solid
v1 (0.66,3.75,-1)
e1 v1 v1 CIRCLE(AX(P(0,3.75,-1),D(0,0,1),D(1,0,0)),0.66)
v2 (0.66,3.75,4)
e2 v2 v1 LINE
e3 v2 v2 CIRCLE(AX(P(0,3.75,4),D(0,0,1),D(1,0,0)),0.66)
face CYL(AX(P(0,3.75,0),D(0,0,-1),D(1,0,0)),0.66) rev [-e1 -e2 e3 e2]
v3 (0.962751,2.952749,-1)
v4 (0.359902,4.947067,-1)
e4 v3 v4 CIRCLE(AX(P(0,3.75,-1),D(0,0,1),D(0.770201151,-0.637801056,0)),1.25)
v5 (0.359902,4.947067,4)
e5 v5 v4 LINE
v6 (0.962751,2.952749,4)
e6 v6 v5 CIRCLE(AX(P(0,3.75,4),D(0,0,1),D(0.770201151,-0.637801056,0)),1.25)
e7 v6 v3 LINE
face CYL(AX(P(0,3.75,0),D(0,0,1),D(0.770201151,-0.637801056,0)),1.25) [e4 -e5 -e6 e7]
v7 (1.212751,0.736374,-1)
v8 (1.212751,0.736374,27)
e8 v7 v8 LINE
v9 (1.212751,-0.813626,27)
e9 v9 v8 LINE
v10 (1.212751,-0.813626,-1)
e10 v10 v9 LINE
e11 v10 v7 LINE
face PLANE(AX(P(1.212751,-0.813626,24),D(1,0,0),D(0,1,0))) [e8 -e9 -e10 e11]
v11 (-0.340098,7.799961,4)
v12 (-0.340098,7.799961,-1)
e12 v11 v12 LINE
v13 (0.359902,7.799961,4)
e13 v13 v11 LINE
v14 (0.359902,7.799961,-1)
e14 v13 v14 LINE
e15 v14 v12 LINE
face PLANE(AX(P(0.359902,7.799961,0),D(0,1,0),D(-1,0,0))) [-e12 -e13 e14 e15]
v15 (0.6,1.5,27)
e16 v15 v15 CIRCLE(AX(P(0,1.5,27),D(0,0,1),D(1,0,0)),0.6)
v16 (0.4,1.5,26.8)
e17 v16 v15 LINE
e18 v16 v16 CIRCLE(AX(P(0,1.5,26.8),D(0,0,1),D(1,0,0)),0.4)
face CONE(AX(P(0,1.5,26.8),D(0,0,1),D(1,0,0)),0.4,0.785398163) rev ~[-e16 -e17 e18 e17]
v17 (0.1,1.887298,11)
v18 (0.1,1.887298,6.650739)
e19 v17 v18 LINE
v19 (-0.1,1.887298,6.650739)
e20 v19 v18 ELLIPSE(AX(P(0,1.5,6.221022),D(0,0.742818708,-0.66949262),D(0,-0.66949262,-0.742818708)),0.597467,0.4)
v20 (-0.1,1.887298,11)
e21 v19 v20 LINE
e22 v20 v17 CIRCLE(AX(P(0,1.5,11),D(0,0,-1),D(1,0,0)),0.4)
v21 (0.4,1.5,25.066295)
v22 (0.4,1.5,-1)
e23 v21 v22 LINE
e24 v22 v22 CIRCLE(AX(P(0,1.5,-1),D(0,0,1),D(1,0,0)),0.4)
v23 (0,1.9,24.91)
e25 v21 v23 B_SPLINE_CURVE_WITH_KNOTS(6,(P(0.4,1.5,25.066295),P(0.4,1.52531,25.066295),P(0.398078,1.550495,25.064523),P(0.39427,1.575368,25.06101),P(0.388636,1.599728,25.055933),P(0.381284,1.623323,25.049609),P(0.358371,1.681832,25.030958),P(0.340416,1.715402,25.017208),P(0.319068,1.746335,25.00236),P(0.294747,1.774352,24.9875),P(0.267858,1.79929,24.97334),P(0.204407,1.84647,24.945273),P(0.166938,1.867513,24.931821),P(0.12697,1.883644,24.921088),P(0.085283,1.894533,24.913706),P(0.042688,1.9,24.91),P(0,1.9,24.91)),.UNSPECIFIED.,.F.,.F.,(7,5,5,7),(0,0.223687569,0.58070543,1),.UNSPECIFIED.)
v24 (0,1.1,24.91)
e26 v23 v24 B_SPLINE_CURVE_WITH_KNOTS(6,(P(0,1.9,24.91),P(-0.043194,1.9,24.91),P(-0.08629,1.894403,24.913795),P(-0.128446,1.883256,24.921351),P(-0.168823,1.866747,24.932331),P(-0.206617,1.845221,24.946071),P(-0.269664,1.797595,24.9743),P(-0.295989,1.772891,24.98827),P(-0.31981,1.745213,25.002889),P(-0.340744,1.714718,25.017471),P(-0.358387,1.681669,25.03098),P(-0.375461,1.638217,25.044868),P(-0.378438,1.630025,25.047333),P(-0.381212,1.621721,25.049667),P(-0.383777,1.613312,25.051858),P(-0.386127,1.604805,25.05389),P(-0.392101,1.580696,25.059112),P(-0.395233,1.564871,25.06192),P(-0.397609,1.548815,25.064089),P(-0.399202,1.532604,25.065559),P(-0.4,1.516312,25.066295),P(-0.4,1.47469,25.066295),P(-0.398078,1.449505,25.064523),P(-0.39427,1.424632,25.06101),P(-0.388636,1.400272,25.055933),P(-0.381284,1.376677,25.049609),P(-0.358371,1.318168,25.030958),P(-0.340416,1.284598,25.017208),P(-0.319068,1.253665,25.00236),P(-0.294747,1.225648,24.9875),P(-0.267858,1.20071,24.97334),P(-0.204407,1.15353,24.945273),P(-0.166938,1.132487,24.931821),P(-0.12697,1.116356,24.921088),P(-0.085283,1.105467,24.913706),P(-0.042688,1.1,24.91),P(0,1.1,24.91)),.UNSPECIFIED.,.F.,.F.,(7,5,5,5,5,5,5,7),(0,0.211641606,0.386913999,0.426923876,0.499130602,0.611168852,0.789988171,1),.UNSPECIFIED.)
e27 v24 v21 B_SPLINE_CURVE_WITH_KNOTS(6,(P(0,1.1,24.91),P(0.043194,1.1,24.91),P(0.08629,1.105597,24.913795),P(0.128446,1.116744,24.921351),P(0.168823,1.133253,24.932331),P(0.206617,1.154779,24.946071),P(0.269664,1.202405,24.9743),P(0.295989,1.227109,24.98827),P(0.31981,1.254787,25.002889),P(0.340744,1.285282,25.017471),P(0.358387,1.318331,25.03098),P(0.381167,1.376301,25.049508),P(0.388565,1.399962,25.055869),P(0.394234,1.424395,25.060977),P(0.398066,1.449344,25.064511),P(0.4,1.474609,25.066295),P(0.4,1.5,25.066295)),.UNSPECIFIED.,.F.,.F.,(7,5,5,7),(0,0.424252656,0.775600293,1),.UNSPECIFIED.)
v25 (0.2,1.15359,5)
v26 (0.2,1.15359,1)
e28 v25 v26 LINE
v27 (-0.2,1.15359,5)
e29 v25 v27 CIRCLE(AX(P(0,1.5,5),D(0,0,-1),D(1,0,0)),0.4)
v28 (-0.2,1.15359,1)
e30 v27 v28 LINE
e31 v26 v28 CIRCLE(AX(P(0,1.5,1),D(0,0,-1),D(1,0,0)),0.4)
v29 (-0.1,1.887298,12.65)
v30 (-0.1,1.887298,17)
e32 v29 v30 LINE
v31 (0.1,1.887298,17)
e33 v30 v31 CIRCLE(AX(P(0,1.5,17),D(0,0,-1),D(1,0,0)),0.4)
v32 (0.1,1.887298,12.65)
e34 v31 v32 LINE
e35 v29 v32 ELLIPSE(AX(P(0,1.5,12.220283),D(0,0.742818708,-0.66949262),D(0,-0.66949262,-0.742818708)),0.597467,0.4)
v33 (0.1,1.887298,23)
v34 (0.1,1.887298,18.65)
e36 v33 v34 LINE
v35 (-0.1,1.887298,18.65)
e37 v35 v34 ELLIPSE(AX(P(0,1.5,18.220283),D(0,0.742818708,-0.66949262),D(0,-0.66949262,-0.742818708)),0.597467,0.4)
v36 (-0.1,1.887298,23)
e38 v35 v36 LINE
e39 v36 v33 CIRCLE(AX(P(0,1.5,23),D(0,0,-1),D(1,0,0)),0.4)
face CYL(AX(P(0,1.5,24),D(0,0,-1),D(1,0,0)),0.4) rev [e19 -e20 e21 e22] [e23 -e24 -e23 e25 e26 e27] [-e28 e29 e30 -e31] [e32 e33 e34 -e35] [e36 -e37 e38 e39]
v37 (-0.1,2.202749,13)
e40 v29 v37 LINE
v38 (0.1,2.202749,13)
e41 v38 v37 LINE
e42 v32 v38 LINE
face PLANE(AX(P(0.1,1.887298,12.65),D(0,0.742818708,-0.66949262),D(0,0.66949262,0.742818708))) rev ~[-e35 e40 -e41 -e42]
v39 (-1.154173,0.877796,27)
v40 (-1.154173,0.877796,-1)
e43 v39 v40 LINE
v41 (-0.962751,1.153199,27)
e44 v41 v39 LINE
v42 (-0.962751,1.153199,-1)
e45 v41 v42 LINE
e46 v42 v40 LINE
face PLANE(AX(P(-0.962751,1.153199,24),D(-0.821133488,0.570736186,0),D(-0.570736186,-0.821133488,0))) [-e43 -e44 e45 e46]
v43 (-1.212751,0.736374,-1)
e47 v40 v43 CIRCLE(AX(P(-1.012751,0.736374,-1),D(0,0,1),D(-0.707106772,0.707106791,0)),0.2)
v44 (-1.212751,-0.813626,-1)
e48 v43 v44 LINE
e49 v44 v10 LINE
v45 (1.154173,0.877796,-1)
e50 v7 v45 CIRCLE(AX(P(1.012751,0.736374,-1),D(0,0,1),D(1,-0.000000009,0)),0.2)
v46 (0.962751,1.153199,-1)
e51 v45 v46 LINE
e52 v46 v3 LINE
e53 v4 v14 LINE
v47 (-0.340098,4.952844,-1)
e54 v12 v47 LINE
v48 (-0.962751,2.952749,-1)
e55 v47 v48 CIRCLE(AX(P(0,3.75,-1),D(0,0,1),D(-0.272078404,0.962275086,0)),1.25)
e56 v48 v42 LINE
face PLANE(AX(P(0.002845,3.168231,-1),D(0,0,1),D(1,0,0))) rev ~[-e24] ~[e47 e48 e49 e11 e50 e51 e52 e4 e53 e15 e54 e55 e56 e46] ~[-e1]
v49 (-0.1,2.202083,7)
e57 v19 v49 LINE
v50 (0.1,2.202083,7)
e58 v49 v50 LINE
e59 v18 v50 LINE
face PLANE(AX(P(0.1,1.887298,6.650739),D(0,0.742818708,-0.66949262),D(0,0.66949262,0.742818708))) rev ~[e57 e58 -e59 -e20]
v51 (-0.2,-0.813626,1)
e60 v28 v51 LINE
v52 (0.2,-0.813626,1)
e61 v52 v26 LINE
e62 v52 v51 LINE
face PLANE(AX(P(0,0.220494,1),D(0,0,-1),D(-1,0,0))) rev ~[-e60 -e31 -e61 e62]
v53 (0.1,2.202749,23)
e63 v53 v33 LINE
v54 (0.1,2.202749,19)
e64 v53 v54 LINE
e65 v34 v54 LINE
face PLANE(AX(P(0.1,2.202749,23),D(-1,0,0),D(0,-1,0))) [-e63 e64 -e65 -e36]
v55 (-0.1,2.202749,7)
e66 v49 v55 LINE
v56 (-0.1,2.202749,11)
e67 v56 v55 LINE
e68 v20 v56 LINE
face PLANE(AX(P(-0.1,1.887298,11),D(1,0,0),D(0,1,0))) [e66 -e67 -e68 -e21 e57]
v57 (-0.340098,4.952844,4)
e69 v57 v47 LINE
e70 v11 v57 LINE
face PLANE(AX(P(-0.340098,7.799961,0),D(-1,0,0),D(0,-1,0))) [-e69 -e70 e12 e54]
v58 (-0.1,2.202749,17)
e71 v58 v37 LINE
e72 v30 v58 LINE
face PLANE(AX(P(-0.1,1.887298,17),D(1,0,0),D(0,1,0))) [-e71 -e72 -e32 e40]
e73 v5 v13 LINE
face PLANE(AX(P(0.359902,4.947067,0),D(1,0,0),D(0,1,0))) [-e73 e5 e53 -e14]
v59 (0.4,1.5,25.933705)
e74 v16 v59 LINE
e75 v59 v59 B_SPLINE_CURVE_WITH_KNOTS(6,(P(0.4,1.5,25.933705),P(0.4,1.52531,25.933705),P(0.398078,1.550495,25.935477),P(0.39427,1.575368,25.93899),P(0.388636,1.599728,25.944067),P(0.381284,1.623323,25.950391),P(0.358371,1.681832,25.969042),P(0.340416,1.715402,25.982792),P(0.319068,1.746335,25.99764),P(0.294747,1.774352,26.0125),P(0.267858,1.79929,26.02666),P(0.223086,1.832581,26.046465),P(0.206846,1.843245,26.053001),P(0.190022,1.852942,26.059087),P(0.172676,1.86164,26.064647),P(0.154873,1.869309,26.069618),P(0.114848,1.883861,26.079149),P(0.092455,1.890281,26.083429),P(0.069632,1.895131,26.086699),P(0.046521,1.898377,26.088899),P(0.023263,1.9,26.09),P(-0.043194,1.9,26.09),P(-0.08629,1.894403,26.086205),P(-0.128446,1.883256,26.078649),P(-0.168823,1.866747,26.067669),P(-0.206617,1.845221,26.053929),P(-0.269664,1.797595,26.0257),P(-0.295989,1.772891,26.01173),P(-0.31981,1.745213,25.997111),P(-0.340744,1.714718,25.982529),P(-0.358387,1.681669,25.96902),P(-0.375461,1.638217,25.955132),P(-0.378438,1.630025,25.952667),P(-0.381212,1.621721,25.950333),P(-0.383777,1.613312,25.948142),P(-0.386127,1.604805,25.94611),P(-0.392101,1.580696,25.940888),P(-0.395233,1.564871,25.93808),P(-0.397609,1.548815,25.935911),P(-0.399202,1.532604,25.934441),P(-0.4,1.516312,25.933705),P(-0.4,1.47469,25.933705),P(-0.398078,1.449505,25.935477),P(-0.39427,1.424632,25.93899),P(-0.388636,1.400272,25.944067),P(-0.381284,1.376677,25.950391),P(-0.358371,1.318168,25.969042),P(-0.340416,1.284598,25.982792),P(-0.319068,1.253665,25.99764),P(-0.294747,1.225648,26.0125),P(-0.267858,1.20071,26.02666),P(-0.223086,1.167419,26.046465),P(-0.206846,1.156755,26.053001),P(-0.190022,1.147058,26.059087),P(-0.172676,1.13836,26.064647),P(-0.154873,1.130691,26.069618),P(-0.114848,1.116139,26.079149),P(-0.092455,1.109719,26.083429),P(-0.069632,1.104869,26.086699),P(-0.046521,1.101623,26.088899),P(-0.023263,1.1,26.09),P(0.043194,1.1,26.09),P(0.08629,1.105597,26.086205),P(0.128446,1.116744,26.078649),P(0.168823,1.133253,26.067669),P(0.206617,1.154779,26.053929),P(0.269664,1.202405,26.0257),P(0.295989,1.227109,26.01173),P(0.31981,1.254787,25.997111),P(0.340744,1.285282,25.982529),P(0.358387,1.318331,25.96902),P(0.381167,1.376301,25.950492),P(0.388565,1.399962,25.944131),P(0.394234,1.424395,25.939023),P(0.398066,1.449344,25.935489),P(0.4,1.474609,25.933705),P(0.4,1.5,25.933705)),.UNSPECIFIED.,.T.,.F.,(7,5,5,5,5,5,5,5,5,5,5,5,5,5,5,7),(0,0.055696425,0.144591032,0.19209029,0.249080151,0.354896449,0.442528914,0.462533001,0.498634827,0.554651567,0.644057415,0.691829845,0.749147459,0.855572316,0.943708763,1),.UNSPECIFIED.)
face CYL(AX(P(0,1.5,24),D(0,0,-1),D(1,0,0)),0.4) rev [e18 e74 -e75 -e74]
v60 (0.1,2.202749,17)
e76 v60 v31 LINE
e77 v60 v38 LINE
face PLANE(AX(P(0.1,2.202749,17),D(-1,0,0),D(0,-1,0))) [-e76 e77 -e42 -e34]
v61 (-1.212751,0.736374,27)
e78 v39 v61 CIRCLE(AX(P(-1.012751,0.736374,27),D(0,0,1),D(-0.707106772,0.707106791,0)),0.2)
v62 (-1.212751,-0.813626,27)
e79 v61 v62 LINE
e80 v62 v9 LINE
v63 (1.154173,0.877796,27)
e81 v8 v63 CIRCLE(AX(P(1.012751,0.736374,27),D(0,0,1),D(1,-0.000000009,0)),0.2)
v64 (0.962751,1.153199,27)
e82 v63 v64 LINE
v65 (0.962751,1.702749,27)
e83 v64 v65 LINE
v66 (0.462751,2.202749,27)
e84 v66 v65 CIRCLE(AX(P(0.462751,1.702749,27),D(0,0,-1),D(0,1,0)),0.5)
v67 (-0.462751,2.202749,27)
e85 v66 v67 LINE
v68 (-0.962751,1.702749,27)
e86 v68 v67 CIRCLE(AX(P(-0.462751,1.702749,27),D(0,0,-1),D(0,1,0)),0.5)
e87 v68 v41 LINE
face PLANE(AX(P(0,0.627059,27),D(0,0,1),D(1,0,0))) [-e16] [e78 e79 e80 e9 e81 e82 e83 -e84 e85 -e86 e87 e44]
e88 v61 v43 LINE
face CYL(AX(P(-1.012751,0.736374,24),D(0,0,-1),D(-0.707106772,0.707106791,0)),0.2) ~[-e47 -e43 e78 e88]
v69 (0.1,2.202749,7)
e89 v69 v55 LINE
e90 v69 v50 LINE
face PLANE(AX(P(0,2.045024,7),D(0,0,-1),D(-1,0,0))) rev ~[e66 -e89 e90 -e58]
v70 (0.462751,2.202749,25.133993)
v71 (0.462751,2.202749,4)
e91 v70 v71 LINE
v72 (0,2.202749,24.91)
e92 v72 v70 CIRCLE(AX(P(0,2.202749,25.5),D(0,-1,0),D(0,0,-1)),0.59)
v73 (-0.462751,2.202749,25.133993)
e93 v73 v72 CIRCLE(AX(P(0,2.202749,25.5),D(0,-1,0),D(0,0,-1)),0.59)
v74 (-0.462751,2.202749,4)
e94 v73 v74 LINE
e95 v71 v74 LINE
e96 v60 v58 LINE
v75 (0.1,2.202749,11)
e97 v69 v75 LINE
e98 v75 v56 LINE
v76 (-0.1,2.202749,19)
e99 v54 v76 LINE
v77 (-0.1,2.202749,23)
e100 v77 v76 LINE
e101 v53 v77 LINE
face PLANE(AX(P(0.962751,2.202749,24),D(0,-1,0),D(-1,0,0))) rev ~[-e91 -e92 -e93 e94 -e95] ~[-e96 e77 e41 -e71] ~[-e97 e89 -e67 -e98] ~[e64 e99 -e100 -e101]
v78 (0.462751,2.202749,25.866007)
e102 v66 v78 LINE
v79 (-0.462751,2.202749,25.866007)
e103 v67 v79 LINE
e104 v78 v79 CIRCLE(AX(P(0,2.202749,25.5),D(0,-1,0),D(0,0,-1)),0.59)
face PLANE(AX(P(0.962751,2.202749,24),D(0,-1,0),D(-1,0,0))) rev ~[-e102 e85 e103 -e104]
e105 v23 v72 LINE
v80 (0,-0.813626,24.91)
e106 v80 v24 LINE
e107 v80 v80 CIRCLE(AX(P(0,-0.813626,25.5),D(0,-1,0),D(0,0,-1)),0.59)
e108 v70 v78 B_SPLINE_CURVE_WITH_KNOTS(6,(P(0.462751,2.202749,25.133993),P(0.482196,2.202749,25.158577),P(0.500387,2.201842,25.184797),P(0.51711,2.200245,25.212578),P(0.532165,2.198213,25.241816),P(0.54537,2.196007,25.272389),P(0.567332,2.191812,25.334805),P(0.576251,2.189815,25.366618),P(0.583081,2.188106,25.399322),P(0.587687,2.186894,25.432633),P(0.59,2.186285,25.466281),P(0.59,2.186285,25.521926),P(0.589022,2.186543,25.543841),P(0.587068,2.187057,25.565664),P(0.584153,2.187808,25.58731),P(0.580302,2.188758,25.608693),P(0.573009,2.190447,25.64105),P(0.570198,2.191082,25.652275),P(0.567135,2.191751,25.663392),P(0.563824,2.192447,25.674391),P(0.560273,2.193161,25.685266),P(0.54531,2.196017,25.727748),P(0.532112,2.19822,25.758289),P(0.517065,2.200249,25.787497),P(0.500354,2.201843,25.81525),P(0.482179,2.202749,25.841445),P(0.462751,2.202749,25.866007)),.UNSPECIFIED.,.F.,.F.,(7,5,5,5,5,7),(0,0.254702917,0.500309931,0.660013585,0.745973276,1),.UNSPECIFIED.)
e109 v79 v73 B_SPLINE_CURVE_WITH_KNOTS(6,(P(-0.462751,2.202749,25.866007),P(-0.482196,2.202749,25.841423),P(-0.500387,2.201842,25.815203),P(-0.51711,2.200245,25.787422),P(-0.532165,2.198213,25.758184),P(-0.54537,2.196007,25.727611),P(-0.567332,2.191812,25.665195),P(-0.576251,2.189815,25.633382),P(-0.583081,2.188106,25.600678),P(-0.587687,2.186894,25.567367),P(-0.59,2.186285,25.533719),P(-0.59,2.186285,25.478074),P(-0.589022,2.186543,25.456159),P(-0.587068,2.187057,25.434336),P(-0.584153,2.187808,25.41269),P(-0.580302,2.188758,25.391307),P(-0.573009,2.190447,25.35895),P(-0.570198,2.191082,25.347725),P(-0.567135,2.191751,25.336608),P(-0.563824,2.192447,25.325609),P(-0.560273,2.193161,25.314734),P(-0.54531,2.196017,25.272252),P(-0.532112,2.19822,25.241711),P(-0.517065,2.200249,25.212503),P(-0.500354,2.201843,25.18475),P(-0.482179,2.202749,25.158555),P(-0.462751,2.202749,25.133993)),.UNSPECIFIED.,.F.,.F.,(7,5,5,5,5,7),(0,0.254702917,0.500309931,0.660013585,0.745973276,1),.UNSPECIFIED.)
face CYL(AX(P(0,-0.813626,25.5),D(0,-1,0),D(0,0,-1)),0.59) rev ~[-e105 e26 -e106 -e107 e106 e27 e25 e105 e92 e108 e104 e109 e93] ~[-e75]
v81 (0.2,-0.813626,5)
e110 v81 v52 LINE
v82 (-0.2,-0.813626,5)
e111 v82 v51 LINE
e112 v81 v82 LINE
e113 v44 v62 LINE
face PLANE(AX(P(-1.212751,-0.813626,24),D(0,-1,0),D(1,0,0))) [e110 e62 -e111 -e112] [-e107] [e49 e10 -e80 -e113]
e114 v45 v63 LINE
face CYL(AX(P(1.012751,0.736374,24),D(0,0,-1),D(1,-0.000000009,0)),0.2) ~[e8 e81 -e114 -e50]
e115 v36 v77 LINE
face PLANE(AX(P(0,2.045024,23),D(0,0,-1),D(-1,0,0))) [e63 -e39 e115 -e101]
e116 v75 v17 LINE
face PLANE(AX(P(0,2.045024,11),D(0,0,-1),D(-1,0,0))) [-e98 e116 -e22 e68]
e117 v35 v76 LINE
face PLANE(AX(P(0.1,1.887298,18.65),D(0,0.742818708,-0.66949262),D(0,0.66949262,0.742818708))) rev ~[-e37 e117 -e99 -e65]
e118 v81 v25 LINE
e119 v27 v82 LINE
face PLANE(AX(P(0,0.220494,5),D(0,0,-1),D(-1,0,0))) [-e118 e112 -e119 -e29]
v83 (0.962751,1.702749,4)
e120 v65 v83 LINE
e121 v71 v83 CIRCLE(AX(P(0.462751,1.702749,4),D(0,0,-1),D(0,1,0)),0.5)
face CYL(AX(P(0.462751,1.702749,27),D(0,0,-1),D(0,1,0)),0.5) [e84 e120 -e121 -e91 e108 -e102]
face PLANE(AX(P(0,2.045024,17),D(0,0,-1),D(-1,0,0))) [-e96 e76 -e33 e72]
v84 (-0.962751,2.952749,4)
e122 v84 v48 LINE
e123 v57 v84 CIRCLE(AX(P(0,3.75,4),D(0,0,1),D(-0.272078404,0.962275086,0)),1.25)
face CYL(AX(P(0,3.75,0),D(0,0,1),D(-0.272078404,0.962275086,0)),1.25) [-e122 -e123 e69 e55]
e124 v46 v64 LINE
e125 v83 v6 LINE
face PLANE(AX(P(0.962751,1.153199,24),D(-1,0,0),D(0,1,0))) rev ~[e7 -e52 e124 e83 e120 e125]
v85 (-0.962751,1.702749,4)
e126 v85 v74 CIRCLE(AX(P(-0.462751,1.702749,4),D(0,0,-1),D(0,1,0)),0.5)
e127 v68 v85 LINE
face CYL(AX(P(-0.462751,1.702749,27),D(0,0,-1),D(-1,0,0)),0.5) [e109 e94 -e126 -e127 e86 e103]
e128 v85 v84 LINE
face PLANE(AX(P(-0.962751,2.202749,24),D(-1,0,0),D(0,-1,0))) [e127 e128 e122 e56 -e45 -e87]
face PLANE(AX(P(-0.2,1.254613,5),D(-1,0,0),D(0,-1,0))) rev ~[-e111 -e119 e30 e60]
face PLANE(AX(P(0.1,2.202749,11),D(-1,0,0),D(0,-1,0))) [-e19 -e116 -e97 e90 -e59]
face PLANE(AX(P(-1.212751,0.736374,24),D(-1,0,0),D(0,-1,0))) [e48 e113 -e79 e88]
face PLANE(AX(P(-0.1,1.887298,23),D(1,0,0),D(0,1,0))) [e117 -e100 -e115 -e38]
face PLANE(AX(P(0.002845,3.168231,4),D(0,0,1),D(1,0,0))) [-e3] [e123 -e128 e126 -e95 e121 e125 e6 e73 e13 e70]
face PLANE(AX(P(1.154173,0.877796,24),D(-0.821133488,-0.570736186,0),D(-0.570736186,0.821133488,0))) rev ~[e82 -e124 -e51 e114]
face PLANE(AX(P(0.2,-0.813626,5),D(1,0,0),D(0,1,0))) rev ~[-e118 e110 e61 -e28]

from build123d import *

# Parameters (mm, degrees)
SKETCH1_R                = 0.66
SKETCH1_R_2              = 0.4
BOSS_EXTRUDE1_DEPTH      = 4
BOSS_EXTRUDE1_DEPTH_BACK = 1
BOSS_EXTRUDE2_DEPTH      = 20
SKETCH8_R                = 0.4
BOSS_EXTRUDE3_DEPTH      = 3
BOSS_EXTRUDE3_DEPTH_BACK = 20
FILLET1_R                = 0.5
CUT_EXTRUDE4_START       = -4
CUT_EXTRUDE4_DEPTH       = 4
CUT_EXTRUDE5_START       = -10
CUT_EXTRUDE5_DEPTH       = 4
CUT_EXTRUDE6_START       = -16
CUT_EXTRUDE6_DEPTH       = 4
CUT_EXTRUDE7_DEPTH       = 0.2
CHAMFER1_SIZE            = 0.2
CUT_EXTRUDE9_START       = -22
CUT_EXTRUDE9_DEPTH       = 4
SKETCH17_R               = 0.59
CUT_EXTRUDE11_DEPTH      = 9.61358644


with BuildPart() as part:
    # Sketch1 → Boss-Extrude1 (new body, two sides)
    with BuildSketch(Plane.XY) as boss_extrude1_sk:
        with BuildLine():
            Line((-0.962751438, 1.153198745), (-1.154172794, 0.877795696))
            ThreePointArc((-1.154172794, 0.877795696), (-1.197527345, 0.812911026), (-1.212751438, 0.73637434))
            Line((-1.212751438, 0.73637434), (-1.212751438, -0.81362566))
            Line((-1.212751438, -0.81362566), (0.95, -0.81362566))
            Line((0.95, -0.81362566), (1.2, -0.81362566))
            Line((1.2, -0.81362566), (1.212751438, -0.81362566))
            Line((1.212751438, -0.81362566), (1.212751438, 0.73637434))
            ThreePointArc((1.212751438, 0.73637434), (1.197527345, 0.812911026), (1.154172794, 0.877795696))
            Line((1.154172794, 0.877795696), (0.962751438, 1.153198745))
            Line((0.962751438, 1.153198745), (0.962751438, 2.952748679))
            ThreePointArc((0.962751438, 2.952748679), (1.196528268, 4.111690618), (0.359901995, 4.947067481))
            Line((0.359901995, 4.947067481), (0.359901995, 7.79996078))
            Line((0.359901995, 7.79996078), (-0.340098005, 7.79996078))
            Line((-0.340098005, 7.79996078), (-0.340098005, 4.952843858))
            ThreePointArc((-0.340098005, 4.952843858), (-1.193502974, 4.12155168), (-0.962751438, 2.952748679))
            Line((-0.962751438, 2.952748679), (-0.962751438, 1.153198745))
        make_face()
        with Locations((0, 3.75)):
            Circle(SKETCH1_R, mode=Mode.SUBTRACT)
        with Locations((0, 1.5)):
            Circle(SKETCH1_R_2, mode=Mode.SUBTRACT)
    extrude(amount=BOSS_EXTRUDE1_DEPTH)
    extrude(boss_extrude1_sk.sketch, amount=-BOSS_EXTRUDE1_DEPTH_BACK)

    # Sketch7 → Boss-Extrude2 (add)
    with BuildSketch(Plane.XY.offset(4)):
        with BuildLine():
            Line((-1.154172794, 0.877795696), (1.154172794, 0.877795696))
            ThreePointArc((1.154172794, 0.877795696), (1.197527345, 0.812911026), (1.212751438, 0.73637434))
            Line((1.212751438, 0.73637434), (1.212751438, -0.81362566))
            Line((1.212751438, -0.81362566), (-1.212751438, -0.81362566))
            Line((-1.212751438, -0.81362566), (-1.212751438, 0.73637434))
            ThreePointArc((-1.212751438, 0.73637434), (-1.197527345, 0.812911026), (-1.154172794, 0.877795696))
        make_face()
    extrude(amount=BOSS_EXTRUDE2_DEPTH)

    # Sketch8 → Boss-Extrude3 (add, two sides)
    with BuildSketch(Plane.XY.offset(24)) as boss_extrude3_sk:
        with BuildLine():
            Line((-1.212751438, 0.73637434), (-1.212751438, -0.81362566))
            Line((-1.212751438, -0.81362566), (1.212751438, -0.81362566))
            Line((1.212751438, -0.81362566), (1.212751438, 0.73637434))
            ThreePointArc((1.212751438, 0.73637434), (1.197527345, 0.812911026), (1.154172794, 0.877795696))
            Line((1.154172794, 0.877795696), (0.962751438, 1.153198745))
            Line((0.962751438, 1.153198745), (0.962751438, 2.202748679))
            Line((0.962751438, 2.202748679), (-0.962751438, 2.202748679))
            Line((-0.962751438, 2.202748679), (-0.962751438, 1.153198745))
            Line((-0.962751438, 1.153198745), (-1.154172794, 0.877795696))
            ThreePointArc((-1.154172794, 0.877795696), (-1.197527345, 0.812911026), (-1.212751438, 0.73637434))
        make_face()
        with Locations((0, 1.5)):
            Circle(SKETCH8_R, mode=Mode.SUBTRACT)
    extrude(amount=BOSS_EXTRUDE3_DEPTH)
    extrude(boss_extrude3_sk.sketch, amount=-BOSS_EXTRUDE3_DEPTH_BACK)

    # Fillet1
    fillet1_edges = [part.edges().sort_by_distance(p)[0] for p in [
        (-0.962751438, 2.202748679, 15.5),
        (0.962751438, 2.202748679, 15.5),
    ]]
    fillet(fillet1_edges, radius=FILLET1_R)

    # Sketch10 → Cut-Extrude4 (cut)
    with BuildSketch(Plane.XY.offset(27).offset(CUT_EXTRUDE4_START)):
        Polygon((0, 2.202748679), (0.1, 2.202748679), (0.1, 1.887298335), (-0.1, 1.887298335), (-0.1, 2.202748679), align=None)
    extrude(amount=-CUT_EXTRUDE4_DEPTH, mode=Mode.SUBTRACT)

    # Sketch10_2 → Cut-Extrude5 (cut)
    with BuildSketch(Plane.XY.offset(27).offset(CUT_EXTRUDE5_START)):
        Polygon((0, 2.202748679), (0.1, 2.202748679), (0.1, 1.887298335), (-0.1, 1.887298335), (-0.1, 2.202748679), align=None)
    extrude(amount=-CUT_EXTRUDE5_DEPTH, mode=Mode.SUBTRACT)

    # Sketch10_3 → Cut-Extrude6 (cut)
    with BuildSketch(Plane.XY.offset(27).offset(CUT_EXTRUDE6_START)):
        Polygon((0, 2.202748679), (0.1, 2.202748679), (0.1, 1.887298335), (-0.1, 1.887298335), (-0.1, 2.202748679), align=None)
    extrude(amount=-CUT_EXTRUDE6_DEPTH, mode=Mode.SUBTRACT)

    # Sketch11 → Cut-Extrude7 (cut)
    with BuildSketch(Plane.ZY.offset(-0.1)):
        Polygon((13, 2.202748679), (13, 1.887298335), (12.65, 1.887298335), align=None)
        Polygon((19, 2.202748679), (19, 1.887298335), (18.65, 1.887298335), align=None)
        Polygon((7.000738825, 2.202748679), (7.000738825, 1.887298335), (6.650738825, 1.887298335), align=None)
    extrude(amount=CUT_EXTRUDE7_DEPTH, mode=Mode.SUBTRACT)

    # Chamfer1
    chamfer1_edges = [part.edges().sort_by_distance(p)[0] for p in [
        (-0.4, 1.5, 27),
    ]]
    chamfer(chamfer1_edges, length=CHAMFER1_SIZE)

    # Sketch14 → Cut-Extrude9 (cut)
    with BuildSketch(Plane.XY.offset(27).offset(CUT_EXTRUDE9_START)):
        Polygon((0.2, 1.1), (0.2, -0.81362566), (-0.2, -0.81362566), (-0.2, 1.1), (-0.2, 1.254612966), (0, 1.254612966), (0.2, 1.254612966), align=None)
    extrude(amount=-CUT_EXTRUDE9_DEPTH, mode=Mode.SUBTRACT)

    # Sketch17 → Cut-Extrude11 (cut, through all)
    with BuildSketch(Plane.XZ.offset(0.81362566)):
        with Locations(Location((0, 25.5, 0), (0, 0, 270))):  # turned: the seam where the file's is
            Circle(SKETCH17_R)
    extrude(amount=-CUT_EXTRUDE11_DEPTH, mode=Mode.SUBTRACT)


solid = part.part
